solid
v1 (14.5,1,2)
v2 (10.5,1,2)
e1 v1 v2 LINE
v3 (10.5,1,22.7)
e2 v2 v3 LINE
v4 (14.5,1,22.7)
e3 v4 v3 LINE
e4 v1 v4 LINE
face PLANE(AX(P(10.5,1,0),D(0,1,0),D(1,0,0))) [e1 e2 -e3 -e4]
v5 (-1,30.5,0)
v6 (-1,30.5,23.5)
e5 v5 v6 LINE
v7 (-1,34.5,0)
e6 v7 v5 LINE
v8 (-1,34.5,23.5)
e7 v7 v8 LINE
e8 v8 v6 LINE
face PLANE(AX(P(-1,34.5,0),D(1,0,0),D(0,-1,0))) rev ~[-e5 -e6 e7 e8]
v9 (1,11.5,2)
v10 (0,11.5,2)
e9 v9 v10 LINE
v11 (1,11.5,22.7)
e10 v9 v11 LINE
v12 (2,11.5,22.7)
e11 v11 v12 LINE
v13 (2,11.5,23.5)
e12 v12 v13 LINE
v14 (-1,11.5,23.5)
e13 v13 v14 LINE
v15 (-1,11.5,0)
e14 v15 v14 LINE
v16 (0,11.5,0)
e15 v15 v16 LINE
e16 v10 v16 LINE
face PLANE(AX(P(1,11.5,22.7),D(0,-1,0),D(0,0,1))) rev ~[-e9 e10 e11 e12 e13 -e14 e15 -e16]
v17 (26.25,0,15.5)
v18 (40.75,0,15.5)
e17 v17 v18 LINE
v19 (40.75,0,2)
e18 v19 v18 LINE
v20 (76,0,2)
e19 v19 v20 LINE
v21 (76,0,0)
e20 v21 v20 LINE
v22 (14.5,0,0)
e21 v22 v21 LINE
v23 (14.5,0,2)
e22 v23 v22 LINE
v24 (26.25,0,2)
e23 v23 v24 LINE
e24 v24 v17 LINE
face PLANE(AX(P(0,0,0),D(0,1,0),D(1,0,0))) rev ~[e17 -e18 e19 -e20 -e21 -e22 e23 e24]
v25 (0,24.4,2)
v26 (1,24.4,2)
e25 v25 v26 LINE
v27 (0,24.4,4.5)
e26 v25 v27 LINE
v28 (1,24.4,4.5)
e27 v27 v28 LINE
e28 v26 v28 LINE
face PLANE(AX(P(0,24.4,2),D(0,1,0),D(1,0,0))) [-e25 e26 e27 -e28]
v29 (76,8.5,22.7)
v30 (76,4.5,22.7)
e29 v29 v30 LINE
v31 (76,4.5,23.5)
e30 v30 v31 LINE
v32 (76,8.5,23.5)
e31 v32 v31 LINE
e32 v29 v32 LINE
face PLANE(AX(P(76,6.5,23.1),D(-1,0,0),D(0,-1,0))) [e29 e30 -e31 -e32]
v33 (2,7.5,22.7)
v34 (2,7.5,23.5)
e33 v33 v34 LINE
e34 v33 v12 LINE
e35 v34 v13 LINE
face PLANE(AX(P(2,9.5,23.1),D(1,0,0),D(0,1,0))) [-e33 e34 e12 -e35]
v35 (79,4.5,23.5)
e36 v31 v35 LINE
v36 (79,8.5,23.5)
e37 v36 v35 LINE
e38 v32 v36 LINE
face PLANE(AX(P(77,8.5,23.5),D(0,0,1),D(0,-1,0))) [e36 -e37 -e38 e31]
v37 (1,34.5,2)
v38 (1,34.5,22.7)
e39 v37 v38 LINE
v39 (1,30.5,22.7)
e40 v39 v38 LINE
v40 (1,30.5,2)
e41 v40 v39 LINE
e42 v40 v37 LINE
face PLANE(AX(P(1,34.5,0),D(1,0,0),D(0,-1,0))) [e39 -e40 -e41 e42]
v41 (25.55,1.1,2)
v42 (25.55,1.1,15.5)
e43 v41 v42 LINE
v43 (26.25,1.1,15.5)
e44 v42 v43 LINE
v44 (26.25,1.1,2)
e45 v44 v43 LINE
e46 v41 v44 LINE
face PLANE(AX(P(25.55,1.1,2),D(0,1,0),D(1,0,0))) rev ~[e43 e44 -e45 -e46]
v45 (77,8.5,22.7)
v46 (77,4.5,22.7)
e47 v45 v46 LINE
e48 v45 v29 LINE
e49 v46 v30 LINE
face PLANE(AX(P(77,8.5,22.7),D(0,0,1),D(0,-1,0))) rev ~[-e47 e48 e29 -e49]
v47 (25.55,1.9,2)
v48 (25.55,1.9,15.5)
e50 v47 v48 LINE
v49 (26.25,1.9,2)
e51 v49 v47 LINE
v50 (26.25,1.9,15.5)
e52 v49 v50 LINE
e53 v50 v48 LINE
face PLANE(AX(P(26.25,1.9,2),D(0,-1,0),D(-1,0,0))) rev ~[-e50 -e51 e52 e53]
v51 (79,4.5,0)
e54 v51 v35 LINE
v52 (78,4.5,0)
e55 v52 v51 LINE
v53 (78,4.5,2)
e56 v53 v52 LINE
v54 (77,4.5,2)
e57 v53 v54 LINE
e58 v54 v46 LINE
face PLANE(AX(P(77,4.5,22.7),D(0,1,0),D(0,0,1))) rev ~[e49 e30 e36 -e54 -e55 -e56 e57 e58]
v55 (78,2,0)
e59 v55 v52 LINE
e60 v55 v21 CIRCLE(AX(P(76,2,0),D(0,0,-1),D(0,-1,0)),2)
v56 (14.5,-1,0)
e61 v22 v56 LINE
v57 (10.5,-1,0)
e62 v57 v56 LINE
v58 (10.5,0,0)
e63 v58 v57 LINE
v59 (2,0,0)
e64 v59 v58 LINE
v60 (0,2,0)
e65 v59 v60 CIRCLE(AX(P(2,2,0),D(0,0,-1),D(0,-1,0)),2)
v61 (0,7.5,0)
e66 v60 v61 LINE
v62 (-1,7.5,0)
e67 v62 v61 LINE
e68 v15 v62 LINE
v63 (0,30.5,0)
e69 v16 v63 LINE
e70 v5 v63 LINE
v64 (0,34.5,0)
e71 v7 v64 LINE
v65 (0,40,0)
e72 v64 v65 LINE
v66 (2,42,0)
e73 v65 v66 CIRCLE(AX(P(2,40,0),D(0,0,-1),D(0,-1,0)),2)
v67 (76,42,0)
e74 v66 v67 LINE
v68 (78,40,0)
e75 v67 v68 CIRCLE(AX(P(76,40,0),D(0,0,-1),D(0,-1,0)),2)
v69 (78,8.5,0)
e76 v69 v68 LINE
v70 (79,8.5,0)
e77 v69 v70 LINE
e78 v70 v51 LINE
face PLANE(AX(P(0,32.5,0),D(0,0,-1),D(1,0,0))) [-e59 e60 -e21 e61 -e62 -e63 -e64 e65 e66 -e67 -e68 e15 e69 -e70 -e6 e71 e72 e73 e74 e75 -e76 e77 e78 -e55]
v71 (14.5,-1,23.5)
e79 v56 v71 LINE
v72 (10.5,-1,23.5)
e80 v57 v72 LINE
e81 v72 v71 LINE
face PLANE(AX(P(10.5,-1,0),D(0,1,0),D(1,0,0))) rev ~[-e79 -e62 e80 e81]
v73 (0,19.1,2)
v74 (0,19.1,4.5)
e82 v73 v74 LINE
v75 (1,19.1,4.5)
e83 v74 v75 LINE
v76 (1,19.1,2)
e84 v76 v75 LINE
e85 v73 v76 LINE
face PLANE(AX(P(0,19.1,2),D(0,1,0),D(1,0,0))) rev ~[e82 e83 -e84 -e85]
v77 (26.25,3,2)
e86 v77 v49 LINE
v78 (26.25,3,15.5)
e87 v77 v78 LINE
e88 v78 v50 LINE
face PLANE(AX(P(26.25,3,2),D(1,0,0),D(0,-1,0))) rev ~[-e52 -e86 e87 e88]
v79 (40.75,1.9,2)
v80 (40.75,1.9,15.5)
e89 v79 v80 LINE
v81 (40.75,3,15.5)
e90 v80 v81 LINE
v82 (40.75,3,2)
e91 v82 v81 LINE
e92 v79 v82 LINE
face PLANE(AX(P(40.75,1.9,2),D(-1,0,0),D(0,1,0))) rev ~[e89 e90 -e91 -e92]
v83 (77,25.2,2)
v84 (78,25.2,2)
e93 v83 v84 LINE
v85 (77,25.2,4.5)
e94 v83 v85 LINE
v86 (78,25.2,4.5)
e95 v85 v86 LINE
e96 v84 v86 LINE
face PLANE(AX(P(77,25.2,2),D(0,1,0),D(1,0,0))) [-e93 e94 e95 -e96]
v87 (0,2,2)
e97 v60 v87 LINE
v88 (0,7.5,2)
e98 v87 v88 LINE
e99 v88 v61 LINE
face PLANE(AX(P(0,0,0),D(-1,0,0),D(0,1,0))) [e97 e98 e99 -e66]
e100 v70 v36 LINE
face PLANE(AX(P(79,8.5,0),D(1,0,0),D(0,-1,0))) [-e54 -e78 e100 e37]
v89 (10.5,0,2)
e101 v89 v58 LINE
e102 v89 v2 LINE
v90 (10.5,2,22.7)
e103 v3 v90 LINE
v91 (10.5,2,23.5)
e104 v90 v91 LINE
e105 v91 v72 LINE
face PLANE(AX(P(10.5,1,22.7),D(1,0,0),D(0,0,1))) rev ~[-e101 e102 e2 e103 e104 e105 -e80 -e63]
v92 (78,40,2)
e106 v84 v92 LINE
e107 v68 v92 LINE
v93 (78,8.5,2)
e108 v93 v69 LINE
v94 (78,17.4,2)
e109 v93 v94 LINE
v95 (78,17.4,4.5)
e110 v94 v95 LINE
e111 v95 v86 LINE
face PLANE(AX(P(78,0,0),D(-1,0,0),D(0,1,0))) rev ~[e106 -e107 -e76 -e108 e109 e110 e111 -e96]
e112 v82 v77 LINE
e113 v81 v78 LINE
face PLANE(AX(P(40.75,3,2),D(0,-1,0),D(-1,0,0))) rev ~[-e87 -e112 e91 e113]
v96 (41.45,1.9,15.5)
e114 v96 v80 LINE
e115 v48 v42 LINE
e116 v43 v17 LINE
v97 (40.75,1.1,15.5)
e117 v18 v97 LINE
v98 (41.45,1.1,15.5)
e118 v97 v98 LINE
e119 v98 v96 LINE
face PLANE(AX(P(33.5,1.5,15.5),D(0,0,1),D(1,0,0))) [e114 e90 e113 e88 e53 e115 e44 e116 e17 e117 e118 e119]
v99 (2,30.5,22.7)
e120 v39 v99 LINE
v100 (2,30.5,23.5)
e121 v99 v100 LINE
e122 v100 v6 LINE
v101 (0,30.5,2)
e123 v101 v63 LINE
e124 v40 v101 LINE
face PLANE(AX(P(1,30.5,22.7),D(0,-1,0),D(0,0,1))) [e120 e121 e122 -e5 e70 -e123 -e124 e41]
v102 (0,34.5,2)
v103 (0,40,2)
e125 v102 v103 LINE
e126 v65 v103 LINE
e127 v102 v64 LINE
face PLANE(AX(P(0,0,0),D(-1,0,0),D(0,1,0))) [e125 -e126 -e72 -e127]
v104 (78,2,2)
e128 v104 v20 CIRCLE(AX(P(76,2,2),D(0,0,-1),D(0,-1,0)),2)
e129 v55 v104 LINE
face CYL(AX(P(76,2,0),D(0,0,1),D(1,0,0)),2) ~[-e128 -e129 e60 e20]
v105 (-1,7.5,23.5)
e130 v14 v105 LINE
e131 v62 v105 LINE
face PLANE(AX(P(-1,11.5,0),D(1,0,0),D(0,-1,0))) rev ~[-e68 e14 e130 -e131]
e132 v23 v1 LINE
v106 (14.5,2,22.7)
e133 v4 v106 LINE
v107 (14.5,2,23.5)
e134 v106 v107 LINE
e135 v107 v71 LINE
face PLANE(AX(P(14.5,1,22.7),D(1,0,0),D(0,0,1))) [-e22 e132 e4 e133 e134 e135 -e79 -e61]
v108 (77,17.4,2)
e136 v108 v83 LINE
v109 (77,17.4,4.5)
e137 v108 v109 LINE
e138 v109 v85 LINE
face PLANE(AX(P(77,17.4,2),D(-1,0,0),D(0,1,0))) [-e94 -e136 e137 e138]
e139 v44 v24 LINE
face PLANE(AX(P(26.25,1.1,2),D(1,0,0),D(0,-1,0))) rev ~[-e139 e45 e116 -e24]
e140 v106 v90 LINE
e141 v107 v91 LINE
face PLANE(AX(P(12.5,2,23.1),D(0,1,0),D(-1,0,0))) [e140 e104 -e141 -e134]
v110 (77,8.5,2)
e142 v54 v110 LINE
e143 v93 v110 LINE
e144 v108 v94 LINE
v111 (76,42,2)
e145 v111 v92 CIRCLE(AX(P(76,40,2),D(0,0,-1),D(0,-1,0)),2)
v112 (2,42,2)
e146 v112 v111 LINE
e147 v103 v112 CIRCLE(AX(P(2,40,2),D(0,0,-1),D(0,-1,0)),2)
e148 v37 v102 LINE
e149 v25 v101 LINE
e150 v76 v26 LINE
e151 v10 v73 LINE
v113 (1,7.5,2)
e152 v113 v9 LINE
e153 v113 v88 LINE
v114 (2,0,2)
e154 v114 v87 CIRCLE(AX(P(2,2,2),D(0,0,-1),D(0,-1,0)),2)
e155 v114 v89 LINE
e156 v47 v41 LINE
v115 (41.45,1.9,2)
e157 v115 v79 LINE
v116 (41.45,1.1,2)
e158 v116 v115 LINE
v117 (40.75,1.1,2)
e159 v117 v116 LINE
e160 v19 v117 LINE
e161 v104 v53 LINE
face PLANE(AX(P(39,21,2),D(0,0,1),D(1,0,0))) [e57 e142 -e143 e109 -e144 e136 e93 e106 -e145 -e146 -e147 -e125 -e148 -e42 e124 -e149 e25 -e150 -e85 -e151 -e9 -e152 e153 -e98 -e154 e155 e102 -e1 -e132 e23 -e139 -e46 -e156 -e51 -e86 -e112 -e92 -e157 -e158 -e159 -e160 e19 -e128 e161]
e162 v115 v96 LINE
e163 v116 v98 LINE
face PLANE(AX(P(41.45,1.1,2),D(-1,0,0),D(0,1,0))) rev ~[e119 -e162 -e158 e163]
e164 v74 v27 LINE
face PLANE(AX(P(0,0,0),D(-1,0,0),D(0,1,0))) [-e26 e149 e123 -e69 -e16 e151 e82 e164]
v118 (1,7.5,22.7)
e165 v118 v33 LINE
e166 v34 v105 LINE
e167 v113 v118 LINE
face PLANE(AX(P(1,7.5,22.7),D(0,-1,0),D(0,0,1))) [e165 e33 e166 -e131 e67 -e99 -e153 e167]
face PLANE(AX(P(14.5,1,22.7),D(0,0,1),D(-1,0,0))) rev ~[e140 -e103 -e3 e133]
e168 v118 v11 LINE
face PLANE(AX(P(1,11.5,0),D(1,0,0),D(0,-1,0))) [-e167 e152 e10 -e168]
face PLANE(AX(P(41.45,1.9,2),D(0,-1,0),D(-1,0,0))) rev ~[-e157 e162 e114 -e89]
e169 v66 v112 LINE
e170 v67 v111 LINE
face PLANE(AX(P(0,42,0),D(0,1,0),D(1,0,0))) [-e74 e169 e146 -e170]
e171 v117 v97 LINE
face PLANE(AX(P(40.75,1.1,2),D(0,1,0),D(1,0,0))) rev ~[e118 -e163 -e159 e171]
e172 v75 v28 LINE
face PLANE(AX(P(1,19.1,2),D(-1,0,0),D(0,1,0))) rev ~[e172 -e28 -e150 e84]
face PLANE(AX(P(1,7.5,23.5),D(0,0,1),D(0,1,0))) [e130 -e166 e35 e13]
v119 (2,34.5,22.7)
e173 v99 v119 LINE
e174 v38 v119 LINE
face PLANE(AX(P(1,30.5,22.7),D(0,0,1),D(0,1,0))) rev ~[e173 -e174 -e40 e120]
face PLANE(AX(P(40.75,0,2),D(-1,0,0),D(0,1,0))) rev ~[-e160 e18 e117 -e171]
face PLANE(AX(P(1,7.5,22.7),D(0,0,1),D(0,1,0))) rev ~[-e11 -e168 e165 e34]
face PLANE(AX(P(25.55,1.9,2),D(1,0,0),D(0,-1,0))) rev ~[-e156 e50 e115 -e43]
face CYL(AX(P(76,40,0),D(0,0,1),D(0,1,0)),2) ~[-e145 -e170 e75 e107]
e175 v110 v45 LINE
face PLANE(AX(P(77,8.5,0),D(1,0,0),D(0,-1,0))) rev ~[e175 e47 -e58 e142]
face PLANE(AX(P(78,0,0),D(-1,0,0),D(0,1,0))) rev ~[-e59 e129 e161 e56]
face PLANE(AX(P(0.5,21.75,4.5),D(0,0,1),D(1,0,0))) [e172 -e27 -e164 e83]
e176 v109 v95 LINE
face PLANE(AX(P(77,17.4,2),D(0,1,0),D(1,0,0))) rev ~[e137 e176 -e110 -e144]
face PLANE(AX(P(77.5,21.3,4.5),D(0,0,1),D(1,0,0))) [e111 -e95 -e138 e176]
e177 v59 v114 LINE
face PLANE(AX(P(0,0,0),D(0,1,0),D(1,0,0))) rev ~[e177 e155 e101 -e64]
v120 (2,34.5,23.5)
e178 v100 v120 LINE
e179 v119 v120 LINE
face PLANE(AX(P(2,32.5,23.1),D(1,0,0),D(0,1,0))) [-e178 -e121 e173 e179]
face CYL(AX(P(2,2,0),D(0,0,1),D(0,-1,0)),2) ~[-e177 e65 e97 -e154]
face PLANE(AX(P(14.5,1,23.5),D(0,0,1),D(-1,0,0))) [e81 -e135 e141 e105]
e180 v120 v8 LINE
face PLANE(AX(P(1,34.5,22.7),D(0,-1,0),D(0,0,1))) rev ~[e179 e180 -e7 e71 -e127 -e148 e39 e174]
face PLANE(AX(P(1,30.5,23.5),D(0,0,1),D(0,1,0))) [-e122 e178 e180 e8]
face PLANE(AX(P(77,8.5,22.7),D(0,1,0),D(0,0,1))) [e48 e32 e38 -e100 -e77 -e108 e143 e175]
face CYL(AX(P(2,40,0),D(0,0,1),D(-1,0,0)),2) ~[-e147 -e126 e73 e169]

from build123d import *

# Parameters (mm, degrees)
F0_W      = 78
F0_H      = 42
F1_DEPTH  = 2
F2_W      = 2
F2_H      = 4
F2_W_2    = 4
F2_H_2    = 2
F3_DEPTH  = 23.5
F5_DEPTH  = 13.5
F6_W      = 1
F6_H      = 5.3
F6_H_2    = 7.8
F7_DEPTH  = 2.5
F8_R      = 2
F9_W      = 4
F9_H      = 0.8
F10_DEPTH = 1
F11_W     = 4
F11_H     = 0.8
F12_DEPTH = 1
F13_W     = 4
F13_H     = 0.8
F14_DEPTH = 1
F15_W     = 4
F15_H     = 0.8
F16_DEPTH = 1


with BuildPart() as f1:
    # F0 (on Top) → F1 (new body)
    with BuildSketch(Plane.XY):
        with Locations((39, 21)):
            Rectangle(F0_W, F0_H)
    extrude(amount=F1_DEPTH)

    # F2 (on face) → F3 (join)
    with BuildSketch(Plane(origin=(0, 0, 0), x_dir=(1, 0, 0), z_dir=(0, 0, -1))):
        with Locations((0, -32.5)):
            Rectangle(F2_W, F2_H)
        with Locations((12.5, 0)):
            Rectangle(F2_W_2, F2_H_2)
        with Locations((78, -6.5)):
            Rectangle(F2_W, F2_H)
        with Locations((0, -9.5)):
            Rectangle(F2_W, F2_H)
    extrude(amount=-F3_DEPTH)

    # F4 (on face) → F5 (join)
    with BuildSketch(Plane.XY.offset(2)):
        Polygon((26.25, 0), (40.75, 0), (40.75, 1.1), (41.45, 1.1), (41.45, 1.9), (40.75, 1.9), (40.75, 3), (26.25, 3), (26.25, 1.9), (25.55, 1.9), (25.55, 1.1), (26.25, 1.1), align=None)
    extrude(amount=F5_DEPTH)

    # F6 (on face) → F7 (join)
    with BuildSketch(Plane.XY.offset(2)):
        with Locations((0.5, 21.75)):
            Rectangle(F6_W, F6_H)
        with Locations((77.5, 21.3)):
            Rectangle(F6_W, F6_H_2)
    extrude(amount=F7_DEPTH)

    # F8
    f8_edges = [f1.edges().sort_by_distance(p)[0] for p in [
        (78, 42, 1),
        (78, 0, 1),
        (0, 42, 1),
        (0, 0, 1),
    ]]
    fillet(f8_edges, radius=F8_R)

    # F9 (on face) → F10 (join)
    with BuildSketch(Plane(origin=(0, 1, 0), x_dir=(-1, 0, 0), z_dir=(0, 1, 0))):
        with Locations((-12.5, 23.1)):
            Rectangle(F9_W, F9_H)
    extrude(amount=F10_DEPTH)

    # F11 (on face) → F12 (join)
    with BuildSketch(Plane(origin=(77, 0, 0), x_dir=(0, -1, 0), z_dir=(-1, 0, 0))):
        with Locations((-6.5, 23.1)):
            Rectangle(F11_W, F11_H)
    extrude(amount=F12_DEPTH)

    # F13 (on face) → F14 (join)
    with BuildSketch(Plane.YZ.offset(1)):
        with Locations((32.5, 23.1)):
            Rectangle(F13_W, F13_H)
    extrude(amount=F14_DEPTH)

    # F15 (on face) → F16 (join)
    with BuildSketch(Plane.YZ.offset(1)):
        with Locations((9.5, 23.1)):
            Rectangle(F15_W, F15_H)
    extrude(amount=F16_DEPTH)


solid = f1.part
